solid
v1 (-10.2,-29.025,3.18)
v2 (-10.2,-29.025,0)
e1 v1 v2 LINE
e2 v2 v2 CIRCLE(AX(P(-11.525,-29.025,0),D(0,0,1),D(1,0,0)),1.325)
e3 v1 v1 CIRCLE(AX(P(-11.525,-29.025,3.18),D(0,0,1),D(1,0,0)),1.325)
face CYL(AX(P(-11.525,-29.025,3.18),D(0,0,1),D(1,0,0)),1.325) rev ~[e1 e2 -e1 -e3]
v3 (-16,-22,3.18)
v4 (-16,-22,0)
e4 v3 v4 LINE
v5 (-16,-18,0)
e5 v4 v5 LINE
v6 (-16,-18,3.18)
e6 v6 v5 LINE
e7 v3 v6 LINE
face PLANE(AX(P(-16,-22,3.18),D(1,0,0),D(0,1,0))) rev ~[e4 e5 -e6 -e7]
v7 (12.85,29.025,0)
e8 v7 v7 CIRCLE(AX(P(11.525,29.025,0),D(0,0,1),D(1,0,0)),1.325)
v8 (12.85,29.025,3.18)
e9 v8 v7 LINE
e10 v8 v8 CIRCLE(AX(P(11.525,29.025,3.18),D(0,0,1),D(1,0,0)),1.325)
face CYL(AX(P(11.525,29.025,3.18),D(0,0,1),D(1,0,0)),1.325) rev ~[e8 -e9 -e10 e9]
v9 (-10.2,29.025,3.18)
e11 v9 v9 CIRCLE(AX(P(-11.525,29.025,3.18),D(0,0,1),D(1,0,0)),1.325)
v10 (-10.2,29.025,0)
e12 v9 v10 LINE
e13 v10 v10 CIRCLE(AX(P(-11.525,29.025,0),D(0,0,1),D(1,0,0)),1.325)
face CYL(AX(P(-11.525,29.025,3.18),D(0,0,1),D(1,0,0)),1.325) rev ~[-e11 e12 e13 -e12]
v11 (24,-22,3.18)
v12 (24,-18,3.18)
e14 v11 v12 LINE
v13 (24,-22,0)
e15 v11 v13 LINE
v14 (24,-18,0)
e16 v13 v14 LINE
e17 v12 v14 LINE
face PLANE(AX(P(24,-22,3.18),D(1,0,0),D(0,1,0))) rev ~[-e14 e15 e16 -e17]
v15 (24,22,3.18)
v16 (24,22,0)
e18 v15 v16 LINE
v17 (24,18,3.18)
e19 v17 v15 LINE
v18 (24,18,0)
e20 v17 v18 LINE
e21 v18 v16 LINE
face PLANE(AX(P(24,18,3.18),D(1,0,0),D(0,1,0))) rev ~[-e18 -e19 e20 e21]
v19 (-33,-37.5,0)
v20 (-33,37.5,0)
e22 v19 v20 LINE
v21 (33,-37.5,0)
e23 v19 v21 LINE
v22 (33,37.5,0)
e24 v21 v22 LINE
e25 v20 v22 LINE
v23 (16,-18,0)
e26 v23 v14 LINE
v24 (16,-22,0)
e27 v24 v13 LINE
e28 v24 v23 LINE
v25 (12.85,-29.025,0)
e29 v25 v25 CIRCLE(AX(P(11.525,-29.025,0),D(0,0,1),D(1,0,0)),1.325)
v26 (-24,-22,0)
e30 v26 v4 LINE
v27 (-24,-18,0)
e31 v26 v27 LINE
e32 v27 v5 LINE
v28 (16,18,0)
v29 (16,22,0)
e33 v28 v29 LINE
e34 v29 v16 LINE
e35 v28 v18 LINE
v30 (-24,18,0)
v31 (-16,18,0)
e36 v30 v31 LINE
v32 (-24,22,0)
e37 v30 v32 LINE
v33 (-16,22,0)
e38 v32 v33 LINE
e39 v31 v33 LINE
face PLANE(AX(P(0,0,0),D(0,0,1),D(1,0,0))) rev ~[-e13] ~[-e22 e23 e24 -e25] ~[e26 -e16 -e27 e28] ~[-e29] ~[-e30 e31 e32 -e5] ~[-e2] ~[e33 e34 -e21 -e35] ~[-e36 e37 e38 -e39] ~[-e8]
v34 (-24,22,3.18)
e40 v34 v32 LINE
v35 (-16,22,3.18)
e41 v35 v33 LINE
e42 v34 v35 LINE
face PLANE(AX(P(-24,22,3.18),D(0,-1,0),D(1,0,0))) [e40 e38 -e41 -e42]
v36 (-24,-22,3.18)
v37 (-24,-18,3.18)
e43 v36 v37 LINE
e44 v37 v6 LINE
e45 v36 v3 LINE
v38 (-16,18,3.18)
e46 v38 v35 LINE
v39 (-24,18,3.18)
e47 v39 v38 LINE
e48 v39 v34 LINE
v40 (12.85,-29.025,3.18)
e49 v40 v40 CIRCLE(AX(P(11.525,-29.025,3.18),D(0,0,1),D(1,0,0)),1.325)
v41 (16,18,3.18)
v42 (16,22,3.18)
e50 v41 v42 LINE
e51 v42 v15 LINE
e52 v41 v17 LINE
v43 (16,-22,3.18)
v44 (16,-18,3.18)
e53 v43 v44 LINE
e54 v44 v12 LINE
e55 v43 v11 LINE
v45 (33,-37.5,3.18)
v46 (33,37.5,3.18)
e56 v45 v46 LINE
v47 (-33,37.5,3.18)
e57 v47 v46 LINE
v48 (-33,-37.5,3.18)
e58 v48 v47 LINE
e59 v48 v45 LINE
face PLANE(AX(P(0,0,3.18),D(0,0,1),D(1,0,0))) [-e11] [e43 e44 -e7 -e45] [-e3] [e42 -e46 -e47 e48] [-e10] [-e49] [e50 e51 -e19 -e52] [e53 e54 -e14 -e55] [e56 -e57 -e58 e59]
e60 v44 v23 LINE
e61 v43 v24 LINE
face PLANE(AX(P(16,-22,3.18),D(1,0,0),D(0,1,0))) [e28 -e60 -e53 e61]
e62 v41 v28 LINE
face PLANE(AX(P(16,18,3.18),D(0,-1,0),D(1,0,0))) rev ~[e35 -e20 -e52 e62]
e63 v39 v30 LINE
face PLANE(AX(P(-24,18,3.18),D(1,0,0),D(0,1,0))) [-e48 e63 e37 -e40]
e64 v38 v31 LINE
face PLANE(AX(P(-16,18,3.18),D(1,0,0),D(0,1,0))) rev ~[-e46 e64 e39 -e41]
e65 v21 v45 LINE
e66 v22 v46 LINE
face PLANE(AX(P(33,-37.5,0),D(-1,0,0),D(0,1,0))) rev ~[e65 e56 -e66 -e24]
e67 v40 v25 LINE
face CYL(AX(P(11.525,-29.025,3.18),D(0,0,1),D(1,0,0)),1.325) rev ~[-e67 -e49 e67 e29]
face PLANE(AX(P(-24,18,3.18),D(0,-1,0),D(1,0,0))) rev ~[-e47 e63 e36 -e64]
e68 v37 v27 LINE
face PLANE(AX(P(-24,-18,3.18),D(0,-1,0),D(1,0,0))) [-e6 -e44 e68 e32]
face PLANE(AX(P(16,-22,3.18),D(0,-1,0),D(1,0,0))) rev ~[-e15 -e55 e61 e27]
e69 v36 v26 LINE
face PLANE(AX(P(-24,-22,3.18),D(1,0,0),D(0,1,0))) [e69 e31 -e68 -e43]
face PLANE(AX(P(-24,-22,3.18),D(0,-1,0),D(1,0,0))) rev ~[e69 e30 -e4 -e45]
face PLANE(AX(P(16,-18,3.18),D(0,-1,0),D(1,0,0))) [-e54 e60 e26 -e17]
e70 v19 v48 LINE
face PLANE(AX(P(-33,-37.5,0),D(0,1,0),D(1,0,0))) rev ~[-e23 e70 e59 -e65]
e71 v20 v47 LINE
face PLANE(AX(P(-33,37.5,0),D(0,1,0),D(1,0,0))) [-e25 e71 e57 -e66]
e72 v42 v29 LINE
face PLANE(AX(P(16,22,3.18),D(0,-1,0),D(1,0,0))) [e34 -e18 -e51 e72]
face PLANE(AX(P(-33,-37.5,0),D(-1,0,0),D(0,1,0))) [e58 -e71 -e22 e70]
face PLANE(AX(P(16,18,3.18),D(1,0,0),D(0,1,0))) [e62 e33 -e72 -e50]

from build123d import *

# Parameters (mm, degrees)
SKETCH1_W           = 66
SKETCH1_H           = 75
BOSS_EXTRUDE1_DEPTH = 3.18
SKETCH2_R           = 1.325
SKETCH2_W           = 8
SKETCH2_H           = 4
CUT_EXTRUDE1_DEPTH  = 51.053595275


with BuildPart() as part:
    # Sketch1 → Boss-Extrude1 (new body)
    with BuildSketch(Plane.XY):
        Rectangle(SKETCH1_W, SKETCH1_H)
    extrude(amount=BOSS_EXTRUDE1_DEPTH)

    # Sketch2 → Cut-Extrude1 (cut, through all)
    with BuildSketch(Plane.XY.offset(3.18)):
        with Locations((-11.525, 29.025)):
            Circle(SKETCH2_R)
        with Locations((-11.525, -29.025)):
            Circle(SKETCH2_R)
        with Locations((11.525, -29.025)):
            Circle(SKETCH2_R)
        with Locations((11.525, 29.025)):
            Circle(SKETCH2_R)
        with Locations((-20, 20)):
            Rectangle(SKETCH2_W, SKETCH2_H)
        with Locations((-20, -20)):
            Rectangle(SKETCH2_W, SKETCH2_H)
        with Locations((20, -20)):
            Rectangle(SKETCH2_W, SKETCH2_H)
        with Locations((20, 20)):
            Rectangle(SKETCH2_W, SKETCH2_H)
    extrude(amount=-CUT_EXTRUDE1_DEPTH, mode=Mode.SUBTRACT)


solid = part.part
